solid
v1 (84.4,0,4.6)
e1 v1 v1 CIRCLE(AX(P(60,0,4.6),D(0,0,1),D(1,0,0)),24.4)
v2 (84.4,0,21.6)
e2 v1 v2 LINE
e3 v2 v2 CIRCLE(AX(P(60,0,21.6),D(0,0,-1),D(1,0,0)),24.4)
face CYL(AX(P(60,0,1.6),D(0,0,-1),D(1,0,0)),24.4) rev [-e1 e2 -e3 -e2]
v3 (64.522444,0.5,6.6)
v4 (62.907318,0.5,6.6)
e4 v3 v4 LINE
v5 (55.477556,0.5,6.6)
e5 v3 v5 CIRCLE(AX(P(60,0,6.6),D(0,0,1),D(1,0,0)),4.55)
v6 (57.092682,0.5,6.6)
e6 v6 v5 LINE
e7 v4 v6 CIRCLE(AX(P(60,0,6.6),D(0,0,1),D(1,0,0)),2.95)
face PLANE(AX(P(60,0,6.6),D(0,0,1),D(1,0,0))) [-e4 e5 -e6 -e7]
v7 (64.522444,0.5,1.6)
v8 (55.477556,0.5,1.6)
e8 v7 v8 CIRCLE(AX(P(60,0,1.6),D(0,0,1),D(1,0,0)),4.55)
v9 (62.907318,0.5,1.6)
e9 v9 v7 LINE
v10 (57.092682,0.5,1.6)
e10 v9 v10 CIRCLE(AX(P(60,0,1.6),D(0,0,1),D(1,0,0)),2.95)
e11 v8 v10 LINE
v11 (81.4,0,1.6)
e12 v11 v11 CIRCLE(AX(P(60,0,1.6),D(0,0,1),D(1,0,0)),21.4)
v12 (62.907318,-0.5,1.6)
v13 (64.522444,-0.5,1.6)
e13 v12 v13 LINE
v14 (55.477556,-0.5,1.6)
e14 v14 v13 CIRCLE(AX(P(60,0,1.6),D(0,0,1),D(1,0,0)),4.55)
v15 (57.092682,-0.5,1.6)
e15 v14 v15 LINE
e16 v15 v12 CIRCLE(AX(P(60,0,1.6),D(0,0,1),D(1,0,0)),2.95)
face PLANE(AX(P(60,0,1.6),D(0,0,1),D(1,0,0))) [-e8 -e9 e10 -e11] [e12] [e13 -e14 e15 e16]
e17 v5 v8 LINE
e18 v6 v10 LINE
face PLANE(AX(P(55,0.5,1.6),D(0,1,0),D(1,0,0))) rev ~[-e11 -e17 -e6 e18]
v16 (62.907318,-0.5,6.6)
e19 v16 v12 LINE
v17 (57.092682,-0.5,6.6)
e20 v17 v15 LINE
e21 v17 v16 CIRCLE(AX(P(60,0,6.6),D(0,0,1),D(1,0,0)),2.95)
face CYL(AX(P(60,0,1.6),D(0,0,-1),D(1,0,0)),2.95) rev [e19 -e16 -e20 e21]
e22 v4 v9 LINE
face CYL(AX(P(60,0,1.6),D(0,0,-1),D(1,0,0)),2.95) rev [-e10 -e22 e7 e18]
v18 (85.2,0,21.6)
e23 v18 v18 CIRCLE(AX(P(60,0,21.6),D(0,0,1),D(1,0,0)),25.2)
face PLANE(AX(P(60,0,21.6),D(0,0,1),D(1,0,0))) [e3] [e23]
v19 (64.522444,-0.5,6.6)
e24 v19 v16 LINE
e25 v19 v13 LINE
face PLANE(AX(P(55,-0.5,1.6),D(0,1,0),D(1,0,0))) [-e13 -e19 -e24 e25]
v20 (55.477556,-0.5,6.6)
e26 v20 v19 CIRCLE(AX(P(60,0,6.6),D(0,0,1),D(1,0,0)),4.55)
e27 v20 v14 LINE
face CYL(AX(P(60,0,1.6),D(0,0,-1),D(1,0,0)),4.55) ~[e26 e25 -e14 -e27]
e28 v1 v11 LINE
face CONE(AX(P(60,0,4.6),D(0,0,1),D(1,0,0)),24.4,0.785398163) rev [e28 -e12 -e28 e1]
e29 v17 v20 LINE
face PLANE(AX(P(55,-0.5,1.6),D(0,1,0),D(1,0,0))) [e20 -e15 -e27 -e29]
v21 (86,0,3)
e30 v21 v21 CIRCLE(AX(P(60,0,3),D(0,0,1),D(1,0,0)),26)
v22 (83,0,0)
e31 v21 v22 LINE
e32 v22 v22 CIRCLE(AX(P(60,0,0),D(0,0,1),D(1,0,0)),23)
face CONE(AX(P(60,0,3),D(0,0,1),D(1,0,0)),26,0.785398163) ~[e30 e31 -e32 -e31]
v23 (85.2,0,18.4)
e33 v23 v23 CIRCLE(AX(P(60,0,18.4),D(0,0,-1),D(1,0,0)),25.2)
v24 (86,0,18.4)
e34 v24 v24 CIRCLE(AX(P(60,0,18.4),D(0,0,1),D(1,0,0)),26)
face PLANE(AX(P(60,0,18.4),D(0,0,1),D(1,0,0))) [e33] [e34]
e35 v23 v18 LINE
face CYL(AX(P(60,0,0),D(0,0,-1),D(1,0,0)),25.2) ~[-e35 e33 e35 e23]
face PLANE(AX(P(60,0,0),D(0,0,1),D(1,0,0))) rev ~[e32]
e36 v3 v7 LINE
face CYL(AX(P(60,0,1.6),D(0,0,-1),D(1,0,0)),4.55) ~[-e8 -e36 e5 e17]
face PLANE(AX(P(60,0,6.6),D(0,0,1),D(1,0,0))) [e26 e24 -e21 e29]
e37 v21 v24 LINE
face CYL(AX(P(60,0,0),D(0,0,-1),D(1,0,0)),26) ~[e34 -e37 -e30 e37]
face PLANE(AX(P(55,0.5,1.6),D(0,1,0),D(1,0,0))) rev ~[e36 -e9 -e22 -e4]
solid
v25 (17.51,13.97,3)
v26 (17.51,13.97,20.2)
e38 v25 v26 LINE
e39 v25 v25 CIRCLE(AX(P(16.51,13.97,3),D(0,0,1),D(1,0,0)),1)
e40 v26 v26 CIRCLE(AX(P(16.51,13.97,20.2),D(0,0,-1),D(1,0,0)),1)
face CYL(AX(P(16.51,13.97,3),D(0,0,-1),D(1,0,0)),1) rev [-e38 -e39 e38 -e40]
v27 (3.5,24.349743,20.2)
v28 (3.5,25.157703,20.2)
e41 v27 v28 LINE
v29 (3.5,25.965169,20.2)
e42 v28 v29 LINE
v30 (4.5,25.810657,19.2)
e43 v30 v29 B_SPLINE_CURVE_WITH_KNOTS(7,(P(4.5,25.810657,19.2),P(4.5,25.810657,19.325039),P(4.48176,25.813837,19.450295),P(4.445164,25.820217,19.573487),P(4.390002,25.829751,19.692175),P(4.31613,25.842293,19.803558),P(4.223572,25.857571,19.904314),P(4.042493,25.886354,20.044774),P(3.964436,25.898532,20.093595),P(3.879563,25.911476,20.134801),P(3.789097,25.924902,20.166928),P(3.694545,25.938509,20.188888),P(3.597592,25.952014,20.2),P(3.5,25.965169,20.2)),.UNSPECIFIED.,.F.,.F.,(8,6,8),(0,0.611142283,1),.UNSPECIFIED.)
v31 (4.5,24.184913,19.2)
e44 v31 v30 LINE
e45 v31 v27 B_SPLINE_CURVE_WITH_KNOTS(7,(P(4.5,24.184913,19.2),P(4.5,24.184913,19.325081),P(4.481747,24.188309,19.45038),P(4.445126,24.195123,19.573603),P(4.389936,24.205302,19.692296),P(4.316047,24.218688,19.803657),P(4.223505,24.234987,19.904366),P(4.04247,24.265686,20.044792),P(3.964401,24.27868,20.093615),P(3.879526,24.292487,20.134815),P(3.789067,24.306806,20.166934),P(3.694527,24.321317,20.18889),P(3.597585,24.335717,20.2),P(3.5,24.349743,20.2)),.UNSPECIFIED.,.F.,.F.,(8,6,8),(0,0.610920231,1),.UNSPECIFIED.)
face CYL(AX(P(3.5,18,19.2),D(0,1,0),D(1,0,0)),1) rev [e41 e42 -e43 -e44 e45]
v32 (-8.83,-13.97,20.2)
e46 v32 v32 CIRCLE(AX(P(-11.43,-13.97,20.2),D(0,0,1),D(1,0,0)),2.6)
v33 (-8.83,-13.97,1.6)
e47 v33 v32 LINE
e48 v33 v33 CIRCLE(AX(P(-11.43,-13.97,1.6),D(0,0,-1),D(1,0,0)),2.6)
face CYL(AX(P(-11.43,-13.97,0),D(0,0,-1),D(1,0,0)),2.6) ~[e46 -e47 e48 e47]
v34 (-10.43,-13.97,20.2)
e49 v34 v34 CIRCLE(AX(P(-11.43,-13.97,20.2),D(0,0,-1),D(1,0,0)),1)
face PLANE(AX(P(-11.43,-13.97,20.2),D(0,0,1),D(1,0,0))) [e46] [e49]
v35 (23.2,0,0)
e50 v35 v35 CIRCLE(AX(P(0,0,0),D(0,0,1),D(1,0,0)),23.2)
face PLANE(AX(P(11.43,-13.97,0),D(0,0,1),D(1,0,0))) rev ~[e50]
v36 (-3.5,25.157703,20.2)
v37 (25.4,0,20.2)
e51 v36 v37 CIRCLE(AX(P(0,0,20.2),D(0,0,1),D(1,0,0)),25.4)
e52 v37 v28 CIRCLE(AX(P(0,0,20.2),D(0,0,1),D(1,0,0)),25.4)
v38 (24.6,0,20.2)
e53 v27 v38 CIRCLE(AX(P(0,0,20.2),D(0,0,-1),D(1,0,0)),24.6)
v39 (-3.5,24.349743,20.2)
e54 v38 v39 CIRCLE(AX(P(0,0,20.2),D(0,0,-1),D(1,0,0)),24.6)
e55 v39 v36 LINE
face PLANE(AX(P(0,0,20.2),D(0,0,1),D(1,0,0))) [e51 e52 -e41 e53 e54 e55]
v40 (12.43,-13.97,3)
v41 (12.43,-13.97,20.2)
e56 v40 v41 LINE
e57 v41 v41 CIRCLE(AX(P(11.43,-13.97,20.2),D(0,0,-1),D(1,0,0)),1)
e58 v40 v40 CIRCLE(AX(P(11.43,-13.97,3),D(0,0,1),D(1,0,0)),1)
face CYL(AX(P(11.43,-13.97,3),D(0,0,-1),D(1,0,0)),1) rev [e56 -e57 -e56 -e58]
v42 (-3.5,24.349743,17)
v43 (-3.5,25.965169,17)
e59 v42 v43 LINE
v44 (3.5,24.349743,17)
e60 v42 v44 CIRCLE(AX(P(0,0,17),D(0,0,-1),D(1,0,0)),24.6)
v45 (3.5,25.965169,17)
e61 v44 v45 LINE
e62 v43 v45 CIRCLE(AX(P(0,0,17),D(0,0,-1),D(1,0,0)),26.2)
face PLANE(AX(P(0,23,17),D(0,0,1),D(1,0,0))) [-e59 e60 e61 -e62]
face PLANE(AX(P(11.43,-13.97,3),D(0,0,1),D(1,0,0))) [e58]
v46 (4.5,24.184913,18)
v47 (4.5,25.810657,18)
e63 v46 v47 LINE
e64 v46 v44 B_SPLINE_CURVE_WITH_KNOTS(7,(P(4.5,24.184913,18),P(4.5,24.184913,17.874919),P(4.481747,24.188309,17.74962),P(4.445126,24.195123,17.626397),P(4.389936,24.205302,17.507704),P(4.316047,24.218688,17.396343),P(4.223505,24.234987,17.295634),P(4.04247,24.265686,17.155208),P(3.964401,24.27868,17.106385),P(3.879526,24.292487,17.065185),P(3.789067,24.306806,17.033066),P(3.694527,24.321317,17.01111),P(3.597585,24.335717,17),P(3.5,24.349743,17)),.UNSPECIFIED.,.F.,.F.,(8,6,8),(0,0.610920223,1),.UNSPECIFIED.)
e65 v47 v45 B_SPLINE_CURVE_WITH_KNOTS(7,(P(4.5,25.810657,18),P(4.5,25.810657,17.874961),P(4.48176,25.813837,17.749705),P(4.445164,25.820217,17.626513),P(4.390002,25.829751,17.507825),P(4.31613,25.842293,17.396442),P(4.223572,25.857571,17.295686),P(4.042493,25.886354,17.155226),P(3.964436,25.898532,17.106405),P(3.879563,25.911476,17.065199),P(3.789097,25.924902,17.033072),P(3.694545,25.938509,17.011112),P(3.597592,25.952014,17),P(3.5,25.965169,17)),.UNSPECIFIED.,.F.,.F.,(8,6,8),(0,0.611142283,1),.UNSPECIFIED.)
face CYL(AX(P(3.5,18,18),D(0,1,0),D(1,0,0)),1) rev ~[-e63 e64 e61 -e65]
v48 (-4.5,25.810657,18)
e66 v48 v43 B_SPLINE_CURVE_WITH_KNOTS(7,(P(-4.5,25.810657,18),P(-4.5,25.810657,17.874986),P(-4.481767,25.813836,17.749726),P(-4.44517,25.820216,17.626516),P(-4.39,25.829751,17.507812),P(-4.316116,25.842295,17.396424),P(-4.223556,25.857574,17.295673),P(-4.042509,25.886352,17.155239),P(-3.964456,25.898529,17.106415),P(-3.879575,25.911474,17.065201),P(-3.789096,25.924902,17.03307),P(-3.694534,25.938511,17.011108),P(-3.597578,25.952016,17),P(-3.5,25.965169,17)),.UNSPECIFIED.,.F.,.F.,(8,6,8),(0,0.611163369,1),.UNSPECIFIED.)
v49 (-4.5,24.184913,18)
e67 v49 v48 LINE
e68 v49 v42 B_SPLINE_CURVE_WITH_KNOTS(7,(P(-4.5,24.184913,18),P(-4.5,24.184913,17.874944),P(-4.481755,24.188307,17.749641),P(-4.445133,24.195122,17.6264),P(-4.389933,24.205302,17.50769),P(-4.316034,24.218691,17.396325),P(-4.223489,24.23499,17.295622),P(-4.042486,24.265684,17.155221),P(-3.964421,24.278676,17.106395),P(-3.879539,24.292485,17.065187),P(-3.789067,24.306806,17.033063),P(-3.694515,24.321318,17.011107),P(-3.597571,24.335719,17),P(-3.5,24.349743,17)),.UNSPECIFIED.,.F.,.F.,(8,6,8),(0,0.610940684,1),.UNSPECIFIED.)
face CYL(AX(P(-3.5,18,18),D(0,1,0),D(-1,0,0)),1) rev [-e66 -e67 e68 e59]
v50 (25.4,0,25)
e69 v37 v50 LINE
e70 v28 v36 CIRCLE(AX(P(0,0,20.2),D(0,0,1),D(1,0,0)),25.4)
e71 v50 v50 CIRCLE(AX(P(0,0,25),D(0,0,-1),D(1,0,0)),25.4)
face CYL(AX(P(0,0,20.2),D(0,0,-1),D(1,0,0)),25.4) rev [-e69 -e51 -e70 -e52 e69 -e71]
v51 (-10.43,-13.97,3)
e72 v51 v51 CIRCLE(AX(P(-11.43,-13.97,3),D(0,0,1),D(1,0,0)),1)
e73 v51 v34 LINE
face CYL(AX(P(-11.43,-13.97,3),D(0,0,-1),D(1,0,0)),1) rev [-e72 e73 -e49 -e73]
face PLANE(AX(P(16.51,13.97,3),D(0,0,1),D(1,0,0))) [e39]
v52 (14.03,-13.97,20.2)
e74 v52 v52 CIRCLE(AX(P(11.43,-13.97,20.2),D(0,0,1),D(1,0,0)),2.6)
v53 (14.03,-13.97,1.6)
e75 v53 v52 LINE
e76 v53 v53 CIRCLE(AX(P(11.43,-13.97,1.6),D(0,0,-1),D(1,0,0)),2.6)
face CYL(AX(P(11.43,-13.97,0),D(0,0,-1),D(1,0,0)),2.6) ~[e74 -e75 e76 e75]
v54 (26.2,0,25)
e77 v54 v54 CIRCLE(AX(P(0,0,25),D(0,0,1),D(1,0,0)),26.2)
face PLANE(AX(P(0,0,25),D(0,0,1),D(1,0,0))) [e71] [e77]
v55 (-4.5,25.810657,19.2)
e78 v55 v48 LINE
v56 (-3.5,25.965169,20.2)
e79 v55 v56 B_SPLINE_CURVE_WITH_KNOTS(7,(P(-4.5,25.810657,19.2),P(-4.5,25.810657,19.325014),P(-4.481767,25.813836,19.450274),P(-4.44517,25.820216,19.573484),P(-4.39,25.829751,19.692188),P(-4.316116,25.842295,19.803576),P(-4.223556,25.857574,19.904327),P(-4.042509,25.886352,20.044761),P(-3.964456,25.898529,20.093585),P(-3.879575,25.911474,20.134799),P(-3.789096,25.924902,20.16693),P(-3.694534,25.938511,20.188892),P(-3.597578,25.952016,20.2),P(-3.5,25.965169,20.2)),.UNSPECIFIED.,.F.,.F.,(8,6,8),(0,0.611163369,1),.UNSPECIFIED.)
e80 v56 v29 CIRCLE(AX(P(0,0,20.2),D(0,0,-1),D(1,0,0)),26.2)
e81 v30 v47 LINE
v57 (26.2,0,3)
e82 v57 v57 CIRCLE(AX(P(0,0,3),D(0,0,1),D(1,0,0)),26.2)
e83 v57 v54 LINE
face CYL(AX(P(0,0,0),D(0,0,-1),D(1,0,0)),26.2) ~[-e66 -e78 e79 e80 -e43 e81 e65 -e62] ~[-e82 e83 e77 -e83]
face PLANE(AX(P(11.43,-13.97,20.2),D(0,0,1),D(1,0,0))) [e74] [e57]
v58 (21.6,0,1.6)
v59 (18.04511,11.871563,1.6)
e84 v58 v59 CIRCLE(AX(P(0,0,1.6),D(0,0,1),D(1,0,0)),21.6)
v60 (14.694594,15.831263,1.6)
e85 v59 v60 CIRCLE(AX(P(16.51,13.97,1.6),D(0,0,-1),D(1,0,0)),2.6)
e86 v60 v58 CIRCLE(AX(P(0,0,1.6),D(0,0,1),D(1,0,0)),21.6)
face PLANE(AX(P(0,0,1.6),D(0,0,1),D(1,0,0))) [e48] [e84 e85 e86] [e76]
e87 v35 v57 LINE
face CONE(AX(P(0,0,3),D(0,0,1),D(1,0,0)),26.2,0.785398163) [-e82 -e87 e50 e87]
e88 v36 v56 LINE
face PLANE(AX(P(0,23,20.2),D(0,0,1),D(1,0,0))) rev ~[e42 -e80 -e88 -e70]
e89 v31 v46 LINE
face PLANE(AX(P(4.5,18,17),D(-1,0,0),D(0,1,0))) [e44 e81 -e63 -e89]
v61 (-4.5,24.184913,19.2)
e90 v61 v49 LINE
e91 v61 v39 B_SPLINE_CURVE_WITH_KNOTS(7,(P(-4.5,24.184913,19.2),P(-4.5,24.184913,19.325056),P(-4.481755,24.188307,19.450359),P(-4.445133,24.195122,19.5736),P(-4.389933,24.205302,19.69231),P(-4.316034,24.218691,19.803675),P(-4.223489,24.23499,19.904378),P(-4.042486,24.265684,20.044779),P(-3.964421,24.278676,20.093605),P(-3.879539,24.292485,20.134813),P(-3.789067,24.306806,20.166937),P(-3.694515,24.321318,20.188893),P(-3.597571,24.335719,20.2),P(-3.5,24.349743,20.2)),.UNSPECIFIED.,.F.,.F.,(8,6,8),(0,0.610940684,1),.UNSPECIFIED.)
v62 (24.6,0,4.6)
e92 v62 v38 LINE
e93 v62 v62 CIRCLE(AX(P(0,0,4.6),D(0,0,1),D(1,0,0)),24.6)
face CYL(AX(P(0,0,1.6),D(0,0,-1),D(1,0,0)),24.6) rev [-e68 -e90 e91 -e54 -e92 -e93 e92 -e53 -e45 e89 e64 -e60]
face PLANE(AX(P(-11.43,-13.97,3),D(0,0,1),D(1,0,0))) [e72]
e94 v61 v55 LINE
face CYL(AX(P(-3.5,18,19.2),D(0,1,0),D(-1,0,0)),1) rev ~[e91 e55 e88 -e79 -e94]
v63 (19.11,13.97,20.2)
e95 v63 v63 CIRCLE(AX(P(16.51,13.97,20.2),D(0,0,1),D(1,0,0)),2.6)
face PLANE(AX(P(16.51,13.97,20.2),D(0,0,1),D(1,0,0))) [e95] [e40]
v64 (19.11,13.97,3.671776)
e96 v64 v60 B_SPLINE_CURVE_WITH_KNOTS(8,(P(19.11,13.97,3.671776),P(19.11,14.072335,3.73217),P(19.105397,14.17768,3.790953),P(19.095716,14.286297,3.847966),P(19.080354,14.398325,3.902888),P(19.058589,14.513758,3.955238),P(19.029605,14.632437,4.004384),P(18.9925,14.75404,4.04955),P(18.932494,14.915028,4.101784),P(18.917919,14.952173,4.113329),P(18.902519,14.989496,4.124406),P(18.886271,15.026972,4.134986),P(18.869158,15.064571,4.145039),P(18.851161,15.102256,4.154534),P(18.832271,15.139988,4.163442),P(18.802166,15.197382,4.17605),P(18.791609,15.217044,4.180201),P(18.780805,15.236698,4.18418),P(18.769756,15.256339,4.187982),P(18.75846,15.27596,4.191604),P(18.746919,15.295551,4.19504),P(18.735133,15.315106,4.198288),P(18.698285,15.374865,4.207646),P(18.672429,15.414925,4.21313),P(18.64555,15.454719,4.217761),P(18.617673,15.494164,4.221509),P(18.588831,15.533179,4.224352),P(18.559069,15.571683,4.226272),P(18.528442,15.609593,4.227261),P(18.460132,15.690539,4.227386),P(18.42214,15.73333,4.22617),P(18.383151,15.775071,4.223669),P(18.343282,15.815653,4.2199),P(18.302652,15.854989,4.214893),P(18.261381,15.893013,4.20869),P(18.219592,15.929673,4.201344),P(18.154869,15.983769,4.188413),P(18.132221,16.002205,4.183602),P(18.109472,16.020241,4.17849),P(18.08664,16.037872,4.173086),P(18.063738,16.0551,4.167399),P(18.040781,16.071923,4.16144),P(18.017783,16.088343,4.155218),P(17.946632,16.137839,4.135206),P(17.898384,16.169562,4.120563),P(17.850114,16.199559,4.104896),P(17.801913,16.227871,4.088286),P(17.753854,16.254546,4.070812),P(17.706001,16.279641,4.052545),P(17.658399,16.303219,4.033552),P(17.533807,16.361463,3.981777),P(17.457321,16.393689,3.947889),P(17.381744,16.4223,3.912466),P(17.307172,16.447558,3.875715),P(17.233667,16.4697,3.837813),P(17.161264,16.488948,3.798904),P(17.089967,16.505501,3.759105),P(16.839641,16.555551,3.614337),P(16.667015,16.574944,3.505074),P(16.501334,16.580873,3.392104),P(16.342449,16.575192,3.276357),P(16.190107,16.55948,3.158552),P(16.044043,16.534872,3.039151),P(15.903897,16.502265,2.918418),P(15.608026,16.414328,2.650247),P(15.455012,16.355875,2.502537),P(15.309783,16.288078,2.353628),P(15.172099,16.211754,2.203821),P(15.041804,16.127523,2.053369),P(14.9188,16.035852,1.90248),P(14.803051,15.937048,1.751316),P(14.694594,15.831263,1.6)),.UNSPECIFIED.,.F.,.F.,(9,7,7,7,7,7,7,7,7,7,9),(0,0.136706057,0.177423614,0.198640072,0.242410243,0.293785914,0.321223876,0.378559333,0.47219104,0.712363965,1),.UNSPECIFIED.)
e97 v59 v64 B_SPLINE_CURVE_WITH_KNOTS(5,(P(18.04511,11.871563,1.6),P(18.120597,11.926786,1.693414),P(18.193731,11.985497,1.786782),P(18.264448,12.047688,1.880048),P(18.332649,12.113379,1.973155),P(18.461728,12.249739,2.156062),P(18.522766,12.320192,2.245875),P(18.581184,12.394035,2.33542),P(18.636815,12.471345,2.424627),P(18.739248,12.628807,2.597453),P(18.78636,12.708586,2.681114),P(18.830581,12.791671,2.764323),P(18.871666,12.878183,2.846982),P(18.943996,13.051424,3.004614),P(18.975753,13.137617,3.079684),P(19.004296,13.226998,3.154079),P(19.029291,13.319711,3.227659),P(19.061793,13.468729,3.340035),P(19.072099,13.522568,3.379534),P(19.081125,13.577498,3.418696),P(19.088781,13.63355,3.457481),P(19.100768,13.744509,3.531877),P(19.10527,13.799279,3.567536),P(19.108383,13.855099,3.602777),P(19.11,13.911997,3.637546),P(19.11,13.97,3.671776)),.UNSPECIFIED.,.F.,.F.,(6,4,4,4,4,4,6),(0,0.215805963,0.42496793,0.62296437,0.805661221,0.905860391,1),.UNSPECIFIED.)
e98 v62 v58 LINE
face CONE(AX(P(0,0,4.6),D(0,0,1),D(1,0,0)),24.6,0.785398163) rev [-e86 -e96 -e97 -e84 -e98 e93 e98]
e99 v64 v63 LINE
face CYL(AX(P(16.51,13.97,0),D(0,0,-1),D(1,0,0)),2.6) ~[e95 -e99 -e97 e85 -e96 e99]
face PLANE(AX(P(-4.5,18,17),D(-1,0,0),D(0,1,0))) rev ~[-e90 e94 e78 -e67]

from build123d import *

# Parameters (mm, degrees)
BOX_W             = 9
BOX_H             = 10
BOX_DEPTH         = 3.2
FILLET_R          = 1
CYLINDER007_R     = 1
CYLINDER007_DEPTH = 20.2
CYLINDER004_R     = 2.6
CYLINDER004_DEPTH = 20.2
CYLINDER006_R     = 1
CYLINDER006_DEPTH = 20.2
CYLINDER003_R     = 2.6
CYLINDER003_DEPTH = 20.2
CYLINDER008_R     = 1
CYLINDER008_DEPTH = 20.2
CYLINDER005_R     = 2.6
CYLINDER005_DEPTH = 20.2
CYLINDER002_R     = 25.4
CYLINDER002_DEPTH = 25
CYLINDER001_R     = 24.6
CYLINDER001_DEPTH = 25
CYLINDER_R        = 26.2
CYLINDER_DEPTH    = 25
CHAMFER_SIZE      = 3
CHAMFER001_SIZE   = 3
BOX001_W          = 10
BOX001_H          = 1
BOX001_DEPTH      = 10
CYLINDER013_R     = 2.95
CYLINDER013_DEPTH = 5
CYLINDER012_R     = 4.55
CYLINDER012_DEPTH = 5
CYLINDER011_R     = 24.4
CYLINDER011_DEPTH = 21.6
CYLINDER010_R     = 25.2
CYLINDER010_DEPTH = 21.6
CYLINDER009_R     = 26
CYLINDER009_DEPTH = 18.4
CHAMFER002_SIZE   = 3
CHAMFER003_SIZE   = 3


with BuildPart() as usb:
    # Box → Box (new body)
    with BuildSketch(Plane(origin=(-4.5, 18, 17), x_dir=(1, 0, 0), z_dir=(0, 0, 1))):
        with Locations((4.5, 5)):
            Rectangle(BOX_W, BOX_H)
    extrude(amount=BOX_DEPTH)

    # Fillet
    fillet_edges = [usb.edges().sort_by_distance(p)[0] for p in [
        (-4.5, 23, 20.2),
        (-4.5, 23, 17),
        (4.5, 23, 20.2),
        (4.5, 23, 17),
    ]]
    fillet(fillet_edges, radius=FILLET_R)


with BuildPart() as zylinder007:
    # Cylinder007 → Cylinder007 (new body)
    with BuildSketch(Plane(origin=(-11.43, -13.97, 3), x_dir=(1, 0, 0), z_dir=(0, 0, 1))):
        Circle(CYLINDER007_R)
    extrude(amount=CYLINDER007_DEPTH)


with BuildPart() as cut003:
    # Cylinder004 → Cylinder004 (new body)
    with BuildSketch(Plane(origin=(-11.43, -13.97, 0), x_dir=(1, 0, 0), z_dir=(0, 0, 1))):
        Circle(CYLINDER004_R)
    extrude(amount=CYLINDER004_DEPTH)

    # Cut003: cut Zylinder007
    add(zylinder007.part, mode=Mode.SUBTRACT)


with BuildPart() as zylinder006:
    # Cylinder006 → Cylinder006 (new body)
    with BuildSketch(Plane(origin=(16.51, 13.97, 3), x_dir=(1, 0, 0), z_dir=(0, 0, 1))):
        Circle(CYLINDER006_R)
    extrude(amount=CYLINDER006_DEPTH)


with BuildPart() as cut002:
    # Cylinder003 → Cylinder003 (new body)
    with BuildSketch(Plane(origin=(16.51, 13.97, 0), x_dir=(1, 0, 0), z_dir=(0, 0, 1))):
        Circle(CYLINDER003_R)
    extrude(amount=CYLINDER003_DEPTH)

    # Cut002: cut Zylinder006
    add(zylinder006.part, mode=Mode.SUBTRACT)


with BuildPart() as zylinder008:
    # Cylinder008 → Cylinder008 (new body)
    with BuildSketch(Plane(origin=(11.43, -13.97, 3), x_dir=(1, 0, 0), z_dir=(0, 0, 1))):
        Circle(CYLINDER008_R)
    extrude(amount=CYLINDER008_DEPTH)


with BuildPart() as cut004:
    # Cylinder005 → Cylinder005 (new body)
    with BuildSketch(Plane(origin=(11.43, -13.97, 0), x_dir=(1, 0, 0), z_dir=(0, 0, 1))):
        Circle(CYLINDER005_R)
    extrude(amount=CYLINDER005_DEPTH)

    # Cut004: cut Zylinder008
    add(zylinder008.part, mode=Mode.SUBTRACT)


with BuildPart() as zylinder002:
    # Cylinder002 → Cylinder002 (new body)
    with BuildSketch(Plane.XY.offset(20.2)):
        Circle(CYLINDER002_R)
    extrude(amount=CYLINDER002_DEPTH)


with BuildPart() as zylinder001:
    # Cylinder001 → Cylinder001 (new body)
    with BuildSketch(Plane.XY.offset(1.6)):
        Circle(CYLINDER001_R)
    extrude(amount=CYLINDER001_DEPTH)


with BuildPart() as bottom:
    # Cylinder → Cylinder (new body)
    with BuildSketch(Plane.XY):
        Circle(CYLINDER_R)
    extrude(amount=CYLINDER_DEPTH)

    # Cut: cut Zylinder001
    add(zylinder001.part, mode=Mode.SUBTRACT)

    # Cut001: cut Zylinder002
    add(zylinder002.part, mode=Mode.SUBTRACT)

    # Chamfer
    chamfer_edges = [bottom.edges().sort_by_distance(p)[0] for p in [
        (-24.6, 0, 1.6),
    ]]
    chamfer(chamfer_edges, length=CHAMFER_SIZE)

    # Fusion: union Cut003, Cut002, Cut004
    add(cut003.part)
    add(cut002.part)
    add(cut004.part)

    # Chamfer001
    chamfer001_edges = [bottom.edges().sort_by_distance(p)[0] for p in [
        (-26.2, 0, 0),
    ]]
    chamfer(chamfer001_edges, length=CHAMFER001_SIZE)

    # Cut005: cut USB
    add(usb.part, mode=Mode.SUBTRACT)


with BuildPart() as w_rfel001:
    # Box001 → Box001 (new body)
    with BuildSketch(Plane(origin=(55, -0.5, 1.6), x_dir=(1, 0, 0), z_dir=(0, 0, 1))):
        with Locations((5, 0.5)):
            Rectangle(BOX001_W, BOX001_H)
    extrude(amount=BOX001_DEPTH)


with BuildPart() as zylinder013:
    # Cylinder013 → Cylinder013 (new body)
    with BuildSketch(Plane(origin=(60, 0, 1.6), x_dir=(1, 0, 0), z_dir=(0, 0, 1))):
        Circle(CYLINDER013_R)
    extrude(amount=CYLINDER013_DEPTH)


with BuildPart() as cut008:
    # Cylinder012 → Cylinder012 (new body)
    with BuildSketch(Plane(origin=(60, 0, 1.6), x_dir=(1, 0, 0), z_dir=(0, 0, 1))):
        Circle(CYLINDER012_R)
    extrude(amount=CYLINDER012_DEPTH)

    # Cut007: cut Zylinder013
    add(zylinder013.part, mode=Mode.SUBTRACT)

    # Cut008: cut Würfel001
    add(w_rfel001.part, mode=Mode.SUBTRACT)


with BuildPart() as zylinder011:
    # Cylinder011 → Cylinder011 (new body)
    with BuildSketch(Plane(origin=(60, 0, 1.6), x_dir=(1, 0, 0), z_dir=(0, 0, 1))):
        Circle(CYLINDER011_R)
    extrude(amount=CYLINDER011_DEPTH)


with BuildPart() as zylinder010:
    # Cylinder010 → Cylinder010 (new body)
    with BuildSketch(Plane(origin=(60, 0, 0), x_dir=(1, 0, 0), z_dir=(0, 0, 1))):
        Circle(CYLINDER010_R)
    extrude(amount=CYLINDER010_DEPTH)


with BuildPart() as top:
    # Cylinder009 → Cylinder009 (new body)
    with BuildSketch(Plane(origin=(60, 0, 0), x_dir=(1, 0, 0), z_dir=(0, 0, 1))):
        Circle(CYLINDER009_R)
    extrude(amount=CYLINDER009_DEPTH)

    # Fusion001: union Zylinder010
    add(zylinder010.part)

    # Cut006: cut Zylinder011
    add(zylinder011.part, mode=Mode.SUBTRACT)

    # Chamfer002
    chamfer002_edges = [top.edges().sort_by_distance(p)[0] for p in [
        (35.6, 0, 1.6),
    ]]
    chamfer(chamfer002_edges, length=CHAMFER002_SIZE)

    # Chamfer003
    chamfer003_edges = [top.edges().sort_by_distance(p)[0] for p in [
        (34, 0, 0),
    ]]
    chamfer(chamfer003_edges, length=CHAMFER003_SIZE)

    # Fusion002: union Cut008
    add(cut008.part)


solid = Compound([bottom.part, top.part])
